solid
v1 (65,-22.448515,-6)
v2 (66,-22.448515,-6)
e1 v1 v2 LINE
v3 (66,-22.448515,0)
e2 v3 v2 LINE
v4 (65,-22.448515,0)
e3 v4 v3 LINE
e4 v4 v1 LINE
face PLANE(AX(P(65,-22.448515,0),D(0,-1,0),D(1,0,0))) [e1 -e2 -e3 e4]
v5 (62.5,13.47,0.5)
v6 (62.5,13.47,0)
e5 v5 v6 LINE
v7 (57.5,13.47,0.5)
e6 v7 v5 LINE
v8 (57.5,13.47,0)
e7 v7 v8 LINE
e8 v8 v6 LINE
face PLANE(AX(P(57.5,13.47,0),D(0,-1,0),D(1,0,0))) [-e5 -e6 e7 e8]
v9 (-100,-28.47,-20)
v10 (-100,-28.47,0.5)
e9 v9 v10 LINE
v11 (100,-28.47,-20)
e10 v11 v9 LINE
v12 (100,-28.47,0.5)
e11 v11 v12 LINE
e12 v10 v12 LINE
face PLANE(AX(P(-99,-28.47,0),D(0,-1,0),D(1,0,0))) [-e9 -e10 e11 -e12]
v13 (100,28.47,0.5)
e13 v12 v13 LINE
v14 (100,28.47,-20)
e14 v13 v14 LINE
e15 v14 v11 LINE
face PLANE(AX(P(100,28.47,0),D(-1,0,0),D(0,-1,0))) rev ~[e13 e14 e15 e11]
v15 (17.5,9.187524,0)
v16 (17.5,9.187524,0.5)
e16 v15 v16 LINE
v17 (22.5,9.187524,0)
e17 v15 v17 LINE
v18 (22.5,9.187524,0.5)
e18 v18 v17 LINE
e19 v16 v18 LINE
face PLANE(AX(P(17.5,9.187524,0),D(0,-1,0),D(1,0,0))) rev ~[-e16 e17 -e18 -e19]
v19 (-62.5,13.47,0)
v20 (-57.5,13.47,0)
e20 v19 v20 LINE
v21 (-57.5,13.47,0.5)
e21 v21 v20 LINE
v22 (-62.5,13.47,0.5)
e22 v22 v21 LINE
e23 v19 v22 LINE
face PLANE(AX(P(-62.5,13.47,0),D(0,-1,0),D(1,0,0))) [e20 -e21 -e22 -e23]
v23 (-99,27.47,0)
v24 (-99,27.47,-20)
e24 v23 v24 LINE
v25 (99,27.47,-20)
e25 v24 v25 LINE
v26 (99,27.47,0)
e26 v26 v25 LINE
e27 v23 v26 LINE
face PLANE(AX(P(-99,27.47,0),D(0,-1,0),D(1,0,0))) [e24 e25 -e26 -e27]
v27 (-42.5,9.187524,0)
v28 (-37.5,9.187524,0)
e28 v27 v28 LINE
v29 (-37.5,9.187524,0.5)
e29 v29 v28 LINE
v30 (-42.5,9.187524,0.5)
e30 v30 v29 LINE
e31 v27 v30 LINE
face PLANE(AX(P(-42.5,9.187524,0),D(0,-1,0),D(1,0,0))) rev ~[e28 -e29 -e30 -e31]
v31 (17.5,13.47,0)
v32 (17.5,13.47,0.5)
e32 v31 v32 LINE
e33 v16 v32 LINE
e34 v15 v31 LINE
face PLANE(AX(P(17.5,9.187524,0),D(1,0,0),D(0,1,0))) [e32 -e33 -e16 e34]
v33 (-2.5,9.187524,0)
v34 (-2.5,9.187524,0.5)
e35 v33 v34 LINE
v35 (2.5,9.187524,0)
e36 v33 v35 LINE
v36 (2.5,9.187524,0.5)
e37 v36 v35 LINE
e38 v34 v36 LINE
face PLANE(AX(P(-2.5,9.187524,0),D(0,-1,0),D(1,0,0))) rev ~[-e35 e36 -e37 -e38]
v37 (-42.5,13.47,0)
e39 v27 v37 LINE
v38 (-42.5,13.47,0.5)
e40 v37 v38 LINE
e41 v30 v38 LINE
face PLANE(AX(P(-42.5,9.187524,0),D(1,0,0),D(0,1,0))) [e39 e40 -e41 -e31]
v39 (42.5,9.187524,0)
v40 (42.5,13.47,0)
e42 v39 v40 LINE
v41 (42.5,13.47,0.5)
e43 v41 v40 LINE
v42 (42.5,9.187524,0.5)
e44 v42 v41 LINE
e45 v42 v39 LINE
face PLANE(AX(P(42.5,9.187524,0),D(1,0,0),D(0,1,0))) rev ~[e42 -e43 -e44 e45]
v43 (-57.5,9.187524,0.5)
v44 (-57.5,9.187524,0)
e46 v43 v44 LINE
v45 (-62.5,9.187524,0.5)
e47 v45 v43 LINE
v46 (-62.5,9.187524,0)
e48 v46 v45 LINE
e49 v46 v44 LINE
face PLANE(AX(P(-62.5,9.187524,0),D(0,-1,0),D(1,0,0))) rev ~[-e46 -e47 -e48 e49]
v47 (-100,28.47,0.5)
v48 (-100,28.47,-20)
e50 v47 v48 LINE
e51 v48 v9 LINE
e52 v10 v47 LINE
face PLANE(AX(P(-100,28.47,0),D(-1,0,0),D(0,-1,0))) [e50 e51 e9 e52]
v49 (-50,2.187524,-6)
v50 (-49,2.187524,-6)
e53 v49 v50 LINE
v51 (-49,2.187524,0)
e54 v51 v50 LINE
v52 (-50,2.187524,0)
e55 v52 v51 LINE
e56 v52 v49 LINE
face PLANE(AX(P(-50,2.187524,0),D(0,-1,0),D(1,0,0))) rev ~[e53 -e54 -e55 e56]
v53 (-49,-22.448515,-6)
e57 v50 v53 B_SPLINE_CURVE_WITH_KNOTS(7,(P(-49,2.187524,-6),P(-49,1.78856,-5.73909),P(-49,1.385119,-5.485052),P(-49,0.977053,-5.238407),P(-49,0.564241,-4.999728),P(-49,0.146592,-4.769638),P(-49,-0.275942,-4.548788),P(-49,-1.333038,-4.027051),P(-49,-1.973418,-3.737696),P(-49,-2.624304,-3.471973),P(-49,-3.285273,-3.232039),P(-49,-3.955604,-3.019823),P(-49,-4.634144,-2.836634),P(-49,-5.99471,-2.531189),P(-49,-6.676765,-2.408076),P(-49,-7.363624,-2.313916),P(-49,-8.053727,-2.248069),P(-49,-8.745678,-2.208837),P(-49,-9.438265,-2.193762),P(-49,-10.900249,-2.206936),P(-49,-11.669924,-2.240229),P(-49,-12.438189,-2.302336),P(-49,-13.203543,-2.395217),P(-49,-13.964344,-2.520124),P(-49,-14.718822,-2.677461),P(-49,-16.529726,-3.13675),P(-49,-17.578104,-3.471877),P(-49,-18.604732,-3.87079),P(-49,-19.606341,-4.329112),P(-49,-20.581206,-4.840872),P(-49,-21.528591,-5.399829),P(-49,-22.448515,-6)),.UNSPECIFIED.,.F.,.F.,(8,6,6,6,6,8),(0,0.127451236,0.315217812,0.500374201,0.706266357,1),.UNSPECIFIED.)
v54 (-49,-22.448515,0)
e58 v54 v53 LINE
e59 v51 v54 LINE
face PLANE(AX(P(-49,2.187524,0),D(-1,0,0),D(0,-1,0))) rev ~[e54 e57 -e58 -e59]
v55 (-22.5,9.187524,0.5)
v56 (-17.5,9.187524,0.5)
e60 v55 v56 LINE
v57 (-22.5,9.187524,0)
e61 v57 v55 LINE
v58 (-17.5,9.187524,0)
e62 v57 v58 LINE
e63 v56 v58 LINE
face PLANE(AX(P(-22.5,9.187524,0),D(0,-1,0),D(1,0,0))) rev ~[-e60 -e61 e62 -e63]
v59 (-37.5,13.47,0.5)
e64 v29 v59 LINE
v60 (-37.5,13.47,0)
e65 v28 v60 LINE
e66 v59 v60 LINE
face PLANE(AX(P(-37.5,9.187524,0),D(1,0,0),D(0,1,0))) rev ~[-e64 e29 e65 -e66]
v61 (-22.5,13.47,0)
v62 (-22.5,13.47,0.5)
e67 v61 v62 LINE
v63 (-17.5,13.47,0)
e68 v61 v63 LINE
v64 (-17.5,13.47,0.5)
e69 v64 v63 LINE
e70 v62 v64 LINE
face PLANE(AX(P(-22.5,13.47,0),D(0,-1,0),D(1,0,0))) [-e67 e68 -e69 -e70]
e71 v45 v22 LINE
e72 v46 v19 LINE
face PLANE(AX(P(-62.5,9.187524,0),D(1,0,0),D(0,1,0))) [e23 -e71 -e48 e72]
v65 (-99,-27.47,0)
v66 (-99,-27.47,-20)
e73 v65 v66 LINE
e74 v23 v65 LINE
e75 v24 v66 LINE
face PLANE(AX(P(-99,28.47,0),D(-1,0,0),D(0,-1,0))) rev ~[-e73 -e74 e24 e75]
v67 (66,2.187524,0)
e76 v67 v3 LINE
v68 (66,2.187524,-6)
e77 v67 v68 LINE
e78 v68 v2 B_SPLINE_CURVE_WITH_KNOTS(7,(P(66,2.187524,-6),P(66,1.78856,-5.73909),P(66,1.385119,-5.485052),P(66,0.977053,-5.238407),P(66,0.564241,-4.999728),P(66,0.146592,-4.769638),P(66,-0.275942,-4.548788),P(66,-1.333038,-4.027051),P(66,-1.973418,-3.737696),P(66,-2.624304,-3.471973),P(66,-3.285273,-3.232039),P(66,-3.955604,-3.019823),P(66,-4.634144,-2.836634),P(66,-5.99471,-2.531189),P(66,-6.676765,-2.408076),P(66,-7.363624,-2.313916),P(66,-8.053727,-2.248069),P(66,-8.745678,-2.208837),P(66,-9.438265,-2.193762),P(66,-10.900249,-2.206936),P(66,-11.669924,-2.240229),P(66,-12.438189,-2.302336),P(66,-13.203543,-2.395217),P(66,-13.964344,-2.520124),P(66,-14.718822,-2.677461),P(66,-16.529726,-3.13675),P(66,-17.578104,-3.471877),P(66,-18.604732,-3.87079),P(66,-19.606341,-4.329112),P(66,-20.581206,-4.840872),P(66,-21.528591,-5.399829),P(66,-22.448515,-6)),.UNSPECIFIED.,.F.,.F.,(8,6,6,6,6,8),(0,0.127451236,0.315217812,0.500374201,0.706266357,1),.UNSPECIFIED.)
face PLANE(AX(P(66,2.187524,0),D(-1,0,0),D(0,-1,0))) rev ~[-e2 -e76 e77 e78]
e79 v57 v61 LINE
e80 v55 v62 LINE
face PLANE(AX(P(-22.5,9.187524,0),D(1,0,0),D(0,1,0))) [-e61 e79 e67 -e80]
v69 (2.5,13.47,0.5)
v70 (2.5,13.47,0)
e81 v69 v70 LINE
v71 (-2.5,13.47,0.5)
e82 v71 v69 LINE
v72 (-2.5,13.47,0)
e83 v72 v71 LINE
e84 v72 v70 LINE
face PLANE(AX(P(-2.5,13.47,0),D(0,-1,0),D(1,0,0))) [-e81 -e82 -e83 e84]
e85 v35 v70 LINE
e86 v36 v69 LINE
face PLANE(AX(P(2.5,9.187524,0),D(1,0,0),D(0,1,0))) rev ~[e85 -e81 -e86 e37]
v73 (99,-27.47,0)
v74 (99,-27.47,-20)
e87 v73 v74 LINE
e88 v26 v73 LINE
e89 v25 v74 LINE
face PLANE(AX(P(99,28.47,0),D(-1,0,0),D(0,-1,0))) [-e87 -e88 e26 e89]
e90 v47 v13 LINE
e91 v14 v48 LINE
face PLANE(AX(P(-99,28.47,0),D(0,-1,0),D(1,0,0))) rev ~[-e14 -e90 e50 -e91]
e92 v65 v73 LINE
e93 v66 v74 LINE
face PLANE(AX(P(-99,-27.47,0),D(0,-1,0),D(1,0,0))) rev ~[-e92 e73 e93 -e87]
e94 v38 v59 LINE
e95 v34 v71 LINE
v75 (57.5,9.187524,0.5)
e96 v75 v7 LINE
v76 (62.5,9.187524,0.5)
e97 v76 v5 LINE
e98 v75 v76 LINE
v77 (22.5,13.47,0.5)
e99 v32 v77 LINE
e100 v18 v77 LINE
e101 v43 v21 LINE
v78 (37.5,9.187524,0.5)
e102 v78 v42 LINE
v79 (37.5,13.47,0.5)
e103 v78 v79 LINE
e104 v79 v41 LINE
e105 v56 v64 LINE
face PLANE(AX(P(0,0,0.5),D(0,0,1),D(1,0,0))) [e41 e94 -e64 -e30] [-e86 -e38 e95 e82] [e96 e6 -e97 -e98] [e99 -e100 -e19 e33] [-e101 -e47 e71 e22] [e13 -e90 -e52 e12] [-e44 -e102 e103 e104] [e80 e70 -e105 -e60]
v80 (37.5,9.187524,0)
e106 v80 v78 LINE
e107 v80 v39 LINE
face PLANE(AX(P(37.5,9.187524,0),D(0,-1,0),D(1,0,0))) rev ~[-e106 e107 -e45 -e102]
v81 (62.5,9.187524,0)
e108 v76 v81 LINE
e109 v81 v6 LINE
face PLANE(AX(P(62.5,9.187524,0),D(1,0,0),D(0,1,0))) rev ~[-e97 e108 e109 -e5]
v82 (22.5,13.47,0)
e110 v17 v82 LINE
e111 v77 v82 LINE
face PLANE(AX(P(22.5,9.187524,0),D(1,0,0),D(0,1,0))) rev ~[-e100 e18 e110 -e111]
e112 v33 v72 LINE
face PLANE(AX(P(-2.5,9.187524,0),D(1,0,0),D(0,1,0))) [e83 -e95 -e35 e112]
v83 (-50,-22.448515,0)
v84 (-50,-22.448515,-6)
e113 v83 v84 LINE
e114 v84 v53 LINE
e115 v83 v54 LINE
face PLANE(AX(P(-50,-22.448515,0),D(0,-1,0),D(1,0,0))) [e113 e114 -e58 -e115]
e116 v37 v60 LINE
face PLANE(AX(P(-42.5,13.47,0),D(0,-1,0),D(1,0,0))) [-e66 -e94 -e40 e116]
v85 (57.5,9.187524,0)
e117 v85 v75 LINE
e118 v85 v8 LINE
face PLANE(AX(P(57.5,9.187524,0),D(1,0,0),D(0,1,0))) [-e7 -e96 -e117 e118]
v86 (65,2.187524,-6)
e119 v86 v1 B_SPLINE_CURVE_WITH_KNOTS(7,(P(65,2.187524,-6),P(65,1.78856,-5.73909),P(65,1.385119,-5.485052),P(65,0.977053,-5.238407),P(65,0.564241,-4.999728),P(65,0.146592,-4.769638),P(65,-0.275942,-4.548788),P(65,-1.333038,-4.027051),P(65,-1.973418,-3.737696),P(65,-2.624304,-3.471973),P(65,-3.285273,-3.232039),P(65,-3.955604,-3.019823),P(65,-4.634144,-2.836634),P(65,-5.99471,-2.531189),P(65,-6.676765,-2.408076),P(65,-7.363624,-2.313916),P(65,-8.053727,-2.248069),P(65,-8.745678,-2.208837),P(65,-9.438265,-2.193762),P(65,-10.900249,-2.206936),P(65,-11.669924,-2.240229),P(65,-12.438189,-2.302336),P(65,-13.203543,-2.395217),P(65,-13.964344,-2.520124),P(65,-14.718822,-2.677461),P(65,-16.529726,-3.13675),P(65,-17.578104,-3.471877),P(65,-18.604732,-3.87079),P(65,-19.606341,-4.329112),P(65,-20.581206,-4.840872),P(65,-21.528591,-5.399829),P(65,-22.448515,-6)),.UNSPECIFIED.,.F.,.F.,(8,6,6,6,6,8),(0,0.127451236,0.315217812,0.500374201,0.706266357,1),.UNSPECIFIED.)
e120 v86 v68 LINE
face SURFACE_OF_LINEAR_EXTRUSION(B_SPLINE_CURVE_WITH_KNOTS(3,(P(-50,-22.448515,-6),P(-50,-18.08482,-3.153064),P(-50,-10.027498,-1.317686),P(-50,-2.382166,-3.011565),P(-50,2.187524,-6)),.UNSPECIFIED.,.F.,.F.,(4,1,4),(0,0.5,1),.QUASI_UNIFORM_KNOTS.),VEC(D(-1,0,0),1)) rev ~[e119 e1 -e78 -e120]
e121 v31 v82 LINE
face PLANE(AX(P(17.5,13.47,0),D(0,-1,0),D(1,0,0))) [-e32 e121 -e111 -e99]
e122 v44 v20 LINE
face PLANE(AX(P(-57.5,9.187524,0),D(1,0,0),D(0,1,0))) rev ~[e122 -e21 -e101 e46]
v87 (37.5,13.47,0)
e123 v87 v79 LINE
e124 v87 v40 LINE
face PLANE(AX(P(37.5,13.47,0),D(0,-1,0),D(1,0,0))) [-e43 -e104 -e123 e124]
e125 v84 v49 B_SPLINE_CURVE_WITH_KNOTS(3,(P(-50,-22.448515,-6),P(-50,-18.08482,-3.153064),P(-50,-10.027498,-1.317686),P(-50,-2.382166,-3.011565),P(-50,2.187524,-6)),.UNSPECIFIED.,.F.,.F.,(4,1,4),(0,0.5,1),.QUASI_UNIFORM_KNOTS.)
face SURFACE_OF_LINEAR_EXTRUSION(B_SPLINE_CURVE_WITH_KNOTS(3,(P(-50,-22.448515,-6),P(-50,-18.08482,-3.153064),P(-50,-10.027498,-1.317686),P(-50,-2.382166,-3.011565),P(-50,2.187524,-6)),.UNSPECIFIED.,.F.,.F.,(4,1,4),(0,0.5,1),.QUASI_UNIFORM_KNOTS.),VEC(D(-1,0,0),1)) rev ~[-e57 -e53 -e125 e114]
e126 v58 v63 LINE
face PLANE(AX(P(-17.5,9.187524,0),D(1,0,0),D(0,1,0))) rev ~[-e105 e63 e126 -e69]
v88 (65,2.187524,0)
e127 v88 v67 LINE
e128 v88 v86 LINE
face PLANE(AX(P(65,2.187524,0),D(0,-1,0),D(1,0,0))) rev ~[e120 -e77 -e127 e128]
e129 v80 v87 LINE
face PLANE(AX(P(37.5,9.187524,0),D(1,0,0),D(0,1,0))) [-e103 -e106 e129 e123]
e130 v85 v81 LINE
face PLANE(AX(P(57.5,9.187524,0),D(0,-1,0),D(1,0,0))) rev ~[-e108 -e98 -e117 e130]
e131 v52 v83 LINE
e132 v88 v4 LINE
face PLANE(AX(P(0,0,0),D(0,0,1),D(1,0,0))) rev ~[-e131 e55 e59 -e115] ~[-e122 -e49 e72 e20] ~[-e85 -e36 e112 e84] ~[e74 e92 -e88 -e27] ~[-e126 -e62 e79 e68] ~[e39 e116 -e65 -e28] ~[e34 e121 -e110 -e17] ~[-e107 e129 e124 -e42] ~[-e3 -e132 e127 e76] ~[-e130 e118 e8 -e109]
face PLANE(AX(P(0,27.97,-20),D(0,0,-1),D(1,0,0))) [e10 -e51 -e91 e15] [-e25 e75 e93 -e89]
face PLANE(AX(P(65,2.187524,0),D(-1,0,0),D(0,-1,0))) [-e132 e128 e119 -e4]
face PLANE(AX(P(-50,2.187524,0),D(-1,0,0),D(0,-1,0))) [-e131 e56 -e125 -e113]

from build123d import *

# Parameters (mm, degrees)
F0_W      = 200
F0_H      = 56.94
F0_W_2    = 5
F0_H_2    = 4.2824763805
F1_DEPTH  = 0.5
F2_DEPTH  = 0.501
F3_W      = 1
F3_H      = 24.6360383326
F4_DEPTH  = 6
F6_DEPTH  = 150.001
F8_W      = 1
F8_H      = 56.94
F9_DEPTH  = 20
F7_W      = 1
F7_H      = 56.94
F10_DEPTH = 20
F11_W     = 198
F11_H     = 1
F12_DEPTH = 20
F13_W     = 198
F13_H     = 1
F14_DEPTH = 20


with BuildPart() as f1:
    # F0 (on Top) → F1 (new body, symmetric)
    with BuildSketch(Plane.XY):
        Rectangle(F0_W, F0_H)
        with Locations((-60, 11.3287618098)):
            Rectangle(F0_W_2, F0_H_2, mode=Mode.SUBTRACT)
        with Locations((-40, 11.3287618098)):
            Rectangle(F0_W_2, F0_H_2, mode=Mode.SUBTRACT)
        with Locations((-20, 11.3287618098)):
            Rectangle(F0_W_2, F0_H_2, mode=Mode.SUBTRACT)
        with Locations((0, 11.3287618098)):
            Rectangle(F0_W_2, F0_H_2, mode=Mode.SUBTRACT)
        with Locations((20, 11.3287618098)):
            Rectangle(F0_W_2, F0_H_2, mode=Mode.SUBTRACT)
        with Locations((40, 11.3287618098)):
            Rectangle(F0_W_2, F0_H_2, mode=Mode.SUBTRACT)
        with Locations((60, 11.3287618098)):
            Rectangle(F0_W_2, F0_H_2, mode=Mode.SUBTRACT)
    extrude(amount=F1_DEPTH, both=True)

    # F0 (on Top) → F2 (cut, through all)
    with BuildSketch(Plane.XY):
        Rectangle(F0_W, F0_H)
        with Locations((-60, 11.3287618098)):
            Rectangle(F0_W_2, F0_H_2, mode=Mode.SUBTRACT)
        with Locations((-40, 11.3287618098)):
            Rectangle(F0_W_2, F0_H_2, mode=Mode.SUBTRACT)
        with Locations((-20, 11.3287618098)):
            Rectangle(F0_W_2, F0_H_2, mode=Mode.SUBTRACT)
        with Locations((0, 11.3287618098)):
            Rectangle(F0_W_2, F0_H_2, mode=Mode.SUBTRACT)
        with Locations((20, 11.3287618098)):
            Rectangle(F0_W_2, F0_H_2, mode=Mode.SUBTRACT)
        with Locations((40, 11.3287618098)):
            Rectangle(F0_W_2, F0_H_2, mode=Mode.SUBTRACT)
        with Locations((60, 11.3287618098)):
            Rectangle(F0_W_2, F0_H_2, mode=Mode.SUBTRACT)
    extrude(amount=-F2_DEPTH, mode=Mode.SUBTRACT)

    # F3 (on face) → F4 (join)
    with BuildSketch(Plane(origin=(0, 0, 0), x_dir=(1, 0, 0), z_dir=(0, 0, -1))):
        with Locations((-49.5, 10.1304955468)):
            Rectangle(F3_W, F3_H)
        with Locations((65.5, 10.1304955468)):
            Rectangle(F3_W, F3_H)
    extrude(amount=F4_DEPTH)

    # F5 (on face) → F6 (cut, through all)
    with BuildSketch(Plane(origin=(-50, 0, 0), x_dir=(0, -1, 0), z_dir=(-1, 0, 0))):
        with BuildLine():
            Line((-2.1875236195, -6), (22.448514713, -6))
            add(Edge.make_bspline(
                [(22.448514713, -6), (18.0848203599, -3.1530638225), (10.0274980374, -1.3176856102), (2.3821657524, -3.011564957), (-2.1875236195, -6)],
                knots=[0, 0, 0, 0, 0.5, 1, 1, 1, 1], degree=3))
        make_face()
    extrude(amount=-F6_DEPTH, mode=Mode.SUBTRACT)

    # F8 (on face) → F9 (join)
    with BuildSketch(Plane(origin=(0, 0, 0), x_dir=(1, 0, 0), z_dir=(0, 0, -1))):
        with Locations((99.5, 0)):
            Rectangle(F8_W, F8_H)
    extrude(amount=F9_DEPTH)

    # F7 (on face) → F10 (join)
    with BuildSketch(Plane(origin=(0, 0, 0), x_dir=(1, 0, 0), z_dir=(0, 0, -1))):
        with Locations((-99.5, 0)):
            Rectangle(F7_W, F7_H)
    extrude(amount=F10_DEPTH)

    # F11 (on face) → F12 (join)
    with BuildSketch(Plane(origin=(0, 0, 0), x_dir=(1, 0, 0), z_dir=(0, 0, -1))):
        with Locations((0, 27.97)):
            Rectangle(F11_W, F11_H)
    extrude(amount=F12_DEPTH)

    # F13 (on face) → F14 (join)
    with BuildSketch(Plane(origin=(0, 0, 0), x_dir=(1, 0, 0), z_dir=(0, 0, -1))):
        with Locations((0, -27.97)):
            Rectangle(F13_W, F13_H)
    extrude(amount=F14_DEPTH)


solid = f1.part
